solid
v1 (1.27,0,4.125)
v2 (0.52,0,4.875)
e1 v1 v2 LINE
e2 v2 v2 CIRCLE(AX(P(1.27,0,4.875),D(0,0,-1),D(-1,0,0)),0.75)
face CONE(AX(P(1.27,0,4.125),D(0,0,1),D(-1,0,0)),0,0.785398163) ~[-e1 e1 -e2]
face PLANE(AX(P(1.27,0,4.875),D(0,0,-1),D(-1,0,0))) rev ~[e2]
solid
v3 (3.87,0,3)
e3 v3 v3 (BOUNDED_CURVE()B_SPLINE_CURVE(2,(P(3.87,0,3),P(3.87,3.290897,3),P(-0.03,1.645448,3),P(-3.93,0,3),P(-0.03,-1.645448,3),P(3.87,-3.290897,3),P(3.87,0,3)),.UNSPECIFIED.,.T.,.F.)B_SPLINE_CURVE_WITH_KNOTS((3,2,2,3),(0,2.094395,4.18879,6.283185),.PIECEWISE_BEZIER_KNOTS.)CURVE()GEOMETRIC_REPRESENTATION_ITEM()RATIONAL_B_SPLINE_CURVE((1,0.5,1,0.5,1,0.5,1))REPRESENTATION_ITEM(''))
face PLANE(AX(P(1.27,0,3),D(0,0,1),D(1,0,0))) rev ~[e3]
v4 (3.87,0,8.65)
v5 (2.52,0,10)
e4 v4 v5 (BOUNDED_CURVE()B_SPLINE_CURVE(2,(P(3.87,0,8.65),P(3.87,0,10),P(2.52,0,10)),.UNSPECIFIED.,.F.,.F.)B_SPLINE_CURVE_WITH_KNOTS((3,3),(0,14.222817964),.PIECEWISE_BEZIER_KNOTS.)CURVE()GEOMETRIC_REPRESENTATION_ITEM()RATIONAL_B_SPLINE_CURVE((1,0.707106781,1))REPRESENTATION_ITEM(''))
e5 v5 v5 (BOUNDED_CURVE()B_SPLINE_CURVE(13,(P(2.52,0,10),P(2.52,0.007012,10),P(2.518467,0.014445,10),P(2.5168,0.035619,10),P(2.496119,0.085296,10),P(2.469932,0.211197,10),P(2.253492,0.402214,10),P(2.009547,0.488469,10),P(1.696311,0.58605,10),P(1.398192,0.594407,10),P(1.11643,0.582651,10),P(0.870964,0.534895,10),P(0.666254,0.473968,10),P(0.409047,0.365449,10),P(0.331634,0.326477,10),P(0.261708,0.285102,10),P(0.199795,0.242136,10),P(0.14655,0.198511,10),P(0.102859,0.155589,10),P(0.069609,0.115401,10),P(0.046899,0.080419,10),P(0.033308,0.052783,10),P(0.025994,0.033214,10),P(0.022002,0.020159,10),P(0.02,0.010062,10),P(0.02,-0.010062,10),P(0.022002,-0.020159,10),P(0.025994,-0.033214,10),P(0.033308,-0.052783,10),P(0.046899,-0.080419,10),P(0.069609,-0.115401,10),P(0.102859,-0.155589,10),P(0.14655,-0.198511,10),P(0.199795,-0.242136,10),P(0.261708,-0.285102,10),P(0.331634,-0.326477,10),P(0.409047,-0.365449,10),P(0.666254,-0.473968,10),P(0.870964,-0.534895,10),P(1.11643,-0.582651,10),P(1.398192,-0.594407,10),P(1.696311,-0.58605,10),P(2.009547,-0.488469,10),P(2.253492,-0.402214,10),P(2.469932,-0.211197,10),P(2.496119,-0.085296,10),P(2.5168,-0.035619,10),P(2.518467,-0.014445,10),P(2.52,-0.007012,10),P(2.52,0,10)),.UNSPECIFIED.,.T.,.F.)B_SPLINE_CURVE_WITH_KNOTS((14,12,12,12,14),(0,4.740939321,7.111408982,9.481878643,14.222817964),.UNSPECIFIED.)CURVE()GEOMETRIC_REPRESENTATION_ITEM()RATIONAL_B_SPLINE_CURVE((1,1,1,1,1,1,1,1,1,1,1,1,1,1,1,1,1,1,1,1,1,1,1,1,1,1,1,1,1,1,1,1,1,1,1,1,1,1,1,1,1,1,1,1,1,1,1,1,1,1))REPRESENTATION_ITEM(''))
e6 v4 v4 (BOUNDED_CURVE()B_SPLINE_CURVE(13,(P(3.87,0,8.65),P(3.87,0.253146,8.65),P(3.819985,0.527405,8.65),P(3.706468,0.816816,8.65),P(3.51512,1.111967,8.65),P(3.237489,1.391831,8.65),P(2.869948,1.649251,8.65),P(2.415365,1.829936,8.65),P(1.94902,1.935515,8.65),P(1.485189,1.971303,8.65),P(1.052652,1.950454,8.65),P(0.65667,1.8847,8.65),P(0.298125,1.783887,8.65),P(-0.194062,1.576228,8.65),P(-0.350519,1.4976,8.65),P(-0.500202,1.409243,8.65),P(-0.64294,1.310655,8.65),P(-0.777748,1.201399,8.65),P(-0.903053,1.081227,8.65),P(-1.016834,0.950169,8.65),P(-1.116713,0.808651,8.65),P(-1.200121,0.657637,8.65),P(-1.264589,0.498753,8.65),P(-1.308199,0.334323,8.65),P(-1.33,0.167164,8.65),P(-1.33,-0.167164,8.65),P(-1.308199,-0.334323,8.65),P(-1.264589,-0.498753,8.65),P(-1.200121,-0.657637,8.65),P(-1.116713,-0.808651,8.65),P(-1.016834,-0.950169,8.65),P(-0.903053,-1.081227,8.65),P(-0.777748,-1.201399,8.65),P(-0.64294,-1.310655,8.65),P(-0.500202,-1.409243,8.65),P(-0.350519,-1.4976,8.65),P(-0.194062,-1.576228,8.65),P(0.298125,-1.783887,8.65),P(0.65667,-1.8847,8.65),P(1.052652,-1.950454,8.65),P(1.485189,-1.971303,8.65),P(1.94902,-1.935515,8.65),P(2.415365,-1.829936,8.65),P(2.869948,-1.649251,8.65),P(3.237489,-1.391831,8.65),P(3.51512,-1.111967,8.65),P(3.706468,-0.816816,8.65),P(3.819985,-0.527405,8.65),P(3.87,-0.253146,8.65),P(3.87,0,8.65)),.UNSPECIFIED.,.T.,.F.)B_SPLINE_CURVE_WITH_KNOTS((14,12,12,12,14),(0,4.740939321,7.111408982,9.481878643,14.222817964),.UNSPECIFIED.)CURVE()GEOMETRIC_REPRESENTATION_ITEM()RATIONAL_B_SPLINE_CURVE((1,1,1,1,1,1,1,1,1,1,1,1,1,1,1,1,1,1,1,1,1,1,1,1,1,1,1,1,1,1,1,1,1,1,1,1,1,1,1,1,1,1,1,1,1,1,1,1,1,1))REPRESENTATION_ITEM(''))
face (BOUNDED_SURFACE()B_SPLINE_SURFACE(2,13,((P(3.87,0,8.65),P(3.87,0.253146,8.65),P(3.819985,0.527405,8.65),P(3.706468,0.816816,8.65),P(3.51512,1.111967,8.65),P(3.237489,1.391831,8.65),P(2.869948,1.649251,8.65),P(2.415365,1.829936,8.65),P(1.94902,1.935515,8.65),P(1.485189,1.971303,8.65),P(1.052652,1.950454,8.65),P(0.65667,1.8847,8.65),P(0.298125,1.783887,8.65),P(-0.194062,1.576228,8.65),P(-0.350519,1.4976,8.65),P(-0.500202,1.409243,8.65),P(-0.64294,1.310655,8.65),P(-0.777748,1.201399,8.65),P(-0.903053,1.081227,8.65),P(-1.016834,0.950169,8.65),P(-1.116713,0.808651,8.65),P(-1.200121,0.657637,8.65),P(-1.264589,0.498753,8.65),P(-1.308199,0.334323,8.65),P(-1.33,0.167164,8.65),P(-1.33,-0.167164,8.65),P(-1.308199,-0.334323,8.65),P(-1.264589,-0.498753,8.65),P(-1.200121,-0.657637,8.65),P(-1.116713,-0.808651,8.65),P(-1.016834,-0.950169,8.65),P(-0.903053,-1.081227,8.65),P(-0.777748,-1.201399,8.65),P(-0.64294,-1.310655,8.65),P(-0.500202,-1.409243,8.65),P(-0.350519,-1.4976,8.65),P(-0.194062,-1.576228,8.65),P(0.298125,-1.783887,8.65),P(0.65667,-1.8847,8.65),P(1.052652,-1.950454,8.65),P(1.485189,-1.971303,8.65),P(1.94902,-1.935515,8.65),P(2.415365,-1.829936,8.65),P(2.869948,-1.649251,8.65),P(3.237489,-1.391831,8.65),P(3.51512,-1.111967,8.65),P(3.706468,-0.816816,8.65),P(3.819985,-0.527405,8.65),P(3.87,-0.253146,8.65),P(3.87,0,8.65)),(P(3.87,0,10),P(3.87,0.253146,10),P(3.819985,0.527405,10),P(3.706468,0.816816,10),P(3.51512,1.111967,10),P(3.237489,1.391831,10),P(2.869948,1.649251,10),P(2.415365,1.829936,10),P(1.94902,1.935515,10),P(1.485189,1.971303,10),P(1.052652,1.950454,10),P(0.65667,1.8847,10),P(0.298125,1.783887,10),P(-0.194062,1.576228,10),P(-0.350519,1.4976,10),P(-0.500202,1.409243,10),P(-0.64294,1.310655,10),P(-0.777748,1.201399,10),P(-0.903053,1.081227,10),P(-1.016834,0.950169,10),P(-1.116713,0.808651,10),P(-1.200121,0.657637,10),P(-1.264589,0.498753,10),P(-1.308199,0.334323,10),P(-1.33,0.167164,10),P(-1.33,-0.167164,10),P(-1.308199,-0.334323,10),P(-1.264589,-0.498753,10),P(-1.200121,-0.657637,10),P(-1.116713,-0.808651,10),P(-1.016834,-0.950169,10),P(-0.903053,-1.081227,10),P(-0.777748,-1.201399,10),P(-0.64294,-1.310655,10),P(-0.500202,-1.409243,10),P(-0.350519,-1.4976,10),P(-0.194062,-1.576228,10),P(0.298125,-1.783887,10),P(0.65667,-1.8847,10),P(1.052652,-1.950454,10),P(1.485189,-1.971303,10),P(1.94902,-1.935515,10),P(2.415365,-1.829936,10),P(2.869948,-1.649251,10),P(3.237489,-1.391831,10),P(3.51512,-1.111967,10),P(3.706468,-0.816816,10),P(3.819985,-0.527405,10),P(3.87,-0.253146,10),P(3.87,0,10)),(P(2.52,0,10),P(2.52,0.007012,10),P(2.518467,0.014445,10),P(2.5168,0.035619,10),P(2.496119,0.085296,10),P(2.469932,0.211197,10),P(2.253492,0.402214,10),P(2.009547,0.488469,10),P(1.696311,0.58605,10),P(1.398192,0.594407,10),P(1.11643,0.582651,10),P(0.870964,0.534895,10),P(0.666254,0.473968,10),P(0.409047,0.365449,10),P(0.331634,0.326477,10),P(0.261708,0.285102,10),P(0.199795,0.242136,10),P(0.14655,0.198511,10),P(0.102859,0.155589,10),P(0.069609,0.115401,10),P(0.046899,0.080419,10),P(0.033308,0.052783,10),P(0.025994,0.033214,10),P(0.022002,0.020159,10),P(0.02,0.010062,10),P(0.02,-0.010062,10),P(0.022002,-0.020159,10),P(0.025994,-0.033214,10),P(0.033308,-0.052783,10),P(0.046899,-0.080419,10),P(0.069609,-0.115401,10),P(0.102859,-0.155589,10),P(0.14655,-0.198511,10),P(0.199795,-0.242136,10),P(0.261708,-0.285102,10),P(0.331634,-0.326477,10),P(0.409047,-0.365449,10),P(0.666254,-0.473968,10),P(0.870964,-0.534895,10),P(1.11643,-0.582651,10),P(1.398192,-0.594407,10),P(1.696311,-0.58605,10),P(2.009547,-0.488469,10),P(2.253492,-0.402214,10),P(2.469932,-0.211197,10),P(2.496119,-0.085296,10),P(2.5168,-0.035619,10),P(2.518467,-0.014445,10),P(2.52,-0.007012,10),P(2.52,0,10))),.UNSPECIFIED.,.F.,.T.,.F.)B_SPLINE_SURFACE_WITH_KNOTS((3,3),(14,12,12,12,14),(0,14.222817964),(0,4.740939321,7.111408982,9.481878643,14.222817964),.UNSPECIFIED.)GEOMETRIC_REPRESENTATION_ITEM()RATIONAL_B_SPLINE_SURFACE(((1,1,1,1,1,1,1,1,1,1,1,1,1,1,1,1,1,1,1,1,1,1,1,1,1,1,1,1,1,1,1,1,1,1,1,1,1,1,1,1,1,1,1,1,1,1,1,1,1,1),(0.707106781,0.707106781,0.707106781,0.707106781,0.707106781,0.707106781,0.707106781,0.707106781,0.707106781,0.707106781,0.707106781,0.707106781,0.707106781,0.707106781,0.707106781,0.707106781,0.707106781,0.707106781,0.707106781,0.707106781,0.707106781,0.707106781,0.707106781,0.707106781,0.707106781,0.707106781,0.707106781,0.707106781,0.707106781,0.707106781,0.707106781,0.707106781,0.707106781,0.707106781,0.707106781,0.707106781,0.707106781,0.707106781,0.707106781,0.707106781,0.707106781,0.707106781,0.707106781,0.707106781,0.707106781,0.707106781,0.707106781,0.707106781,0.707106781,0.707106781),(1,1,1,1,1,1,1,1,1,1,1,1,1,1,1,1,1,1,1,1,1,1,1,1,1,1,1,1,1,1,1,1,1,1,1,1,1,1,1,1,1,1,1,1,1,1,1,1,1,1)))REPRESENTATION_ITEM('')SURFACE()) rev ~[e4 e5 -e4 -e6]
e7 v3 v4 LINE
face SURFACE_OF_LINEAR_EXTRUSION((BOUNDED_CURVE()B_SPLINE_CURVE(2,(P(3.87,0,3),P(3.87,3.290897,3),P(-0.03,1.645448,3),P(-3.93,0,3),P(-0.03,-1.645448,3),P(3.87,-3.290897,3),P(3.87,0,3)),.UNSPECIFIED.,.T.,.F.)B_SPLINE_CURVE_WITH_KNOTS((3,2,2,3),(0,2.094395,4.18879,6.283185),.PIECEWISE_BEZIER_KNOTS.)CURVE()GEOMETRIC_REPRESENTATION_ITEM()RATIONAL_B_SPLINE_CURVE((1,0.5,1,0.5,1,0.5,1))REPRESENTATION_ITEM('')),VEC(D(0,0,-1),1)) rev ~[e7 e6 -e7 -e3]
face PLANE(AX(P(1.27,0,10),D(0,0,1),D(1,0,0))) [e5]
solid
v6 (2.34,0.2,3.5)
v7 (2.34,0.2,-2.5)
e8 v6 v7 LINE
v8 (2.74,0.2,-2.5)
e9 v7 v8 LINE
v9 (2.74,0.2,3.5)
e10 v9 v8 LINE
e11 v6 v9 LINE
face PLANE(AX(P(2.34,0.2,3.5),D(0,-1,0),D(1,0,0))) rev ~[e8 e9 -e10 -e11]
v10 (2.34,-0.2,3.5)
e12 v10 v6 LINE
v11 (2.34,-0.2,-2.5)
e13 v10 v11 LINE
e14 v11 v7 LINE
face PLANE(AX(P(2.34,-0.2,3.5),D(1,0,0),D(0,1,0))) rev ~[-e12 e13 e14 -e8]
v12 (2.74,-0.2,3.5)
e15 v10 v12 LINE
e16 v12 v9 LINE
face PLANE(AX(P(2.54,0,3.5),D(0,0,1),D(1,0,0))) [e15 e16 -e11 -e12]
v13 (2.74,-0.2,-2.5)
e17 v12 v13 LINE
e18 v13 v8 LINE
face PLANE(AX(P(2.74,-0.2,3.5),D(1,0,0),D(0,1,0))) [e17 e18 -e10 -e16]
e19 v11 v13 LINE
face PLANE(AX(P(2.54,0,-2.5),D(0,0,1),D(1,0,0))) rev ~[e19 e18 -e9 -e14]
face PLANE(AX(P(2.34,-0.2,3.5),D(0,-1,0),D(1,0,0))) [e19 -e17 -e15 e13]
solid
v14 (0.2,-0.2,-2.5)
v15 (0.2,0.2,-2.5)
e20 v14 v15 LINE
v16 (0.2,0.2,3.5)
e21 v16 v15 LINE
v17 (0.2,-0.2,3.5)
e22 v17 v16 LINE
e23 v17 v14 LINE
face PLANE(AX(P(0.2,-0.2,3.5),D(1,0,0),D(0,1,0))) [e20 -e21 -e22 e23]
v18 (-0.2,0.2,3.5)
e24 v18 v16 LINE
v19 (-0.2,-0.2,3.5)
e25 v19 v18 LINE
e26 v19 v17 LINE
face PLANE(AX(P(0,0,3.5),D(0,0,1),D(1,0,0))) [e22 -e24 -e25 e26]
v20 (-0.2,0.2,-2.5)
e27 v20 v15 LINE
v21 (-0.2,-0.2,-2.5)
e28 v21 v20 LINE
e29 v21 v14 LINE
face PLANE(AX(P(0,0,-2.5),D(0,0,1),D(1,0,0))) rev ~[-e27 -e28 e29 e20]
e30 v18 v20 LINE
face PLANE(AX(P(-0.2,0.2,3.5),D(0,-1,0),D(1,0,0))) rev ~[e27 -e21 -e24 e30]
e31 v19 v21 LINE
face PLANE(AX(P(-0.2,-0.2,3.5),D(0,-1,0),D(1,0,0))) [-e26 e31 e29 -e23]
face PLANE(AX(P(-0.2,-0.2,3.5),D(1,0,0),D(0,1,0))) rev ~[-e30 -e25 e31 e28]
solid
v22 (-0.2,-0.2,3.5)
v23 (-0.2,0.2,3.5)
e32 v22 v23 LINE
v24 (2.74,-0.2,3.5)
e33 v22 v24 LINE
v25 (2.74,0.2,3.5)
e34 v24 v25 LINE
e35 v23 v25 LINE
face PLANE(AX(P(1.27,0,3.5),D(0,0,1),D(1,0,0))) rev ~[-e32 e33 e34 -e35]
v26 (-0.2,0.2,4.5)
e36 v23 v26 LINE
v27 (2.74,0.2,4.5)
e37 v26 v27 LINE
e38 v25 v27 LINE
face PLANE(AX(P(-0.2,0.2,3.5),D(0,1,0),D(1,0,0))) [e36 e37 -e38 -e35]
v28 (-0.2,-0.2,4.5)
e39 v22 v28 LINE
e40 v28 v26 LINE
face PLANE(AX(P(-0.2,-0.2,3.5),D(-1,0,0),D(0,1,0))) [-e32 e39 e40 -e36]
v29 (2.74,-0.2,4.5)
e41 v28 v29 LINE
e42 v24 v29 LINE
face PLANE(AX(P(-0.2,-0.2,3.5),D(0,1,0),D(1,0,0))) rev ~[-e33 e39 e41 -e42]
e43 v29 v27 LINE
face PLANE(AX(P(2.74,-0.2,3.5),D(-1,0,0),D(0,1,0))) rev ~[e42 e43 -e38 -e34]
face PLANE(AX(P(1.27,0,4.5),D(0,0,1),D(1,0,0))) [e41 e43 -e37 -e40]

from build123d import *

# Parameters (mm, degrees)
SKETCH002_W  = 0.4
SKETCH002_H  = 0.4
PAD001_DEPTH = 6
PAD_DEPTH    = 7
FILLET_R     = 1.35
SKETCH003_W  = 2.94
SKETCH003_H  = 0.4
PAD002_DEPTH = 1


with BuildPart() as pad001:
    # Sketch002 → Pad001 (new body)
    with BuildSketch(Plane.XY.offset(3.5)):
        Rectangle(SKETCH002_W, SKETCH002_H)
        with Locations((2.54, 0)):
            Rectangle(SKETCH002_W, SKETCH002_H)
    extrude(amount=-PAD001_DEPTH)


with BuildPart() as revolution001:
    # Sketch004 → Revolution001 (revolve)
    with BuildSketch(Plane.XZ):
        Polygon((1.27, 4.125), (0.52, 4.875), (1.27, 4.875), align=None)
    revolve(axis=Axis((1.27, 0, 5.374987), (0, 0, -1)))


with BuildPart() as fillet_body:
    # Sketch001 → Pad (new body)
    with BuildSketch(Plane(origin=(1.27, 0, 3), x_dir=(1, 0, 0), z_dir=(0, 0, 1))):
        with BuildLine():
            add(Edge.make_bspline(
                [(2.6, 0), (2.6, 3.290897), (-1.3, 1.645448), (-5.2, 0), (-1.3, -1.645448), (2.6, -3.290897), (2.6, 0)],
                knots=[0, 0, 0, 2.094395, 2.094395, 4.18879, 4.18879, 6.283185, 6.283185, 6.283185], degree=2, weights=[1, 0.5, 1, 0.5, 1, 0.5, 1]))
        make_face()
    extrude(amount=PAD_DEPTH)

    # Fillet
    fillet_edges = [fillet_body.edges().sort_by_distance(p)[0] for p in [
        (-1.33, -0.000878, 10),
    ]]
    fillet(fillet_edges, radius=FILLET_R)


with BuildPart() as pad002:
    # Sketch003 → Pad002 (new body)
    with BuildSketch(Plane.XY.offset(3.5)):
        with Locations((1.27, 0)):
            Rectangle(SKETCH003_W, SKETCH003_H)
    extrude(amount=PAD002_DEPTH)


solid = Compound([pad001.part, revolution001.part, fillet_body.part, pad002.part])
